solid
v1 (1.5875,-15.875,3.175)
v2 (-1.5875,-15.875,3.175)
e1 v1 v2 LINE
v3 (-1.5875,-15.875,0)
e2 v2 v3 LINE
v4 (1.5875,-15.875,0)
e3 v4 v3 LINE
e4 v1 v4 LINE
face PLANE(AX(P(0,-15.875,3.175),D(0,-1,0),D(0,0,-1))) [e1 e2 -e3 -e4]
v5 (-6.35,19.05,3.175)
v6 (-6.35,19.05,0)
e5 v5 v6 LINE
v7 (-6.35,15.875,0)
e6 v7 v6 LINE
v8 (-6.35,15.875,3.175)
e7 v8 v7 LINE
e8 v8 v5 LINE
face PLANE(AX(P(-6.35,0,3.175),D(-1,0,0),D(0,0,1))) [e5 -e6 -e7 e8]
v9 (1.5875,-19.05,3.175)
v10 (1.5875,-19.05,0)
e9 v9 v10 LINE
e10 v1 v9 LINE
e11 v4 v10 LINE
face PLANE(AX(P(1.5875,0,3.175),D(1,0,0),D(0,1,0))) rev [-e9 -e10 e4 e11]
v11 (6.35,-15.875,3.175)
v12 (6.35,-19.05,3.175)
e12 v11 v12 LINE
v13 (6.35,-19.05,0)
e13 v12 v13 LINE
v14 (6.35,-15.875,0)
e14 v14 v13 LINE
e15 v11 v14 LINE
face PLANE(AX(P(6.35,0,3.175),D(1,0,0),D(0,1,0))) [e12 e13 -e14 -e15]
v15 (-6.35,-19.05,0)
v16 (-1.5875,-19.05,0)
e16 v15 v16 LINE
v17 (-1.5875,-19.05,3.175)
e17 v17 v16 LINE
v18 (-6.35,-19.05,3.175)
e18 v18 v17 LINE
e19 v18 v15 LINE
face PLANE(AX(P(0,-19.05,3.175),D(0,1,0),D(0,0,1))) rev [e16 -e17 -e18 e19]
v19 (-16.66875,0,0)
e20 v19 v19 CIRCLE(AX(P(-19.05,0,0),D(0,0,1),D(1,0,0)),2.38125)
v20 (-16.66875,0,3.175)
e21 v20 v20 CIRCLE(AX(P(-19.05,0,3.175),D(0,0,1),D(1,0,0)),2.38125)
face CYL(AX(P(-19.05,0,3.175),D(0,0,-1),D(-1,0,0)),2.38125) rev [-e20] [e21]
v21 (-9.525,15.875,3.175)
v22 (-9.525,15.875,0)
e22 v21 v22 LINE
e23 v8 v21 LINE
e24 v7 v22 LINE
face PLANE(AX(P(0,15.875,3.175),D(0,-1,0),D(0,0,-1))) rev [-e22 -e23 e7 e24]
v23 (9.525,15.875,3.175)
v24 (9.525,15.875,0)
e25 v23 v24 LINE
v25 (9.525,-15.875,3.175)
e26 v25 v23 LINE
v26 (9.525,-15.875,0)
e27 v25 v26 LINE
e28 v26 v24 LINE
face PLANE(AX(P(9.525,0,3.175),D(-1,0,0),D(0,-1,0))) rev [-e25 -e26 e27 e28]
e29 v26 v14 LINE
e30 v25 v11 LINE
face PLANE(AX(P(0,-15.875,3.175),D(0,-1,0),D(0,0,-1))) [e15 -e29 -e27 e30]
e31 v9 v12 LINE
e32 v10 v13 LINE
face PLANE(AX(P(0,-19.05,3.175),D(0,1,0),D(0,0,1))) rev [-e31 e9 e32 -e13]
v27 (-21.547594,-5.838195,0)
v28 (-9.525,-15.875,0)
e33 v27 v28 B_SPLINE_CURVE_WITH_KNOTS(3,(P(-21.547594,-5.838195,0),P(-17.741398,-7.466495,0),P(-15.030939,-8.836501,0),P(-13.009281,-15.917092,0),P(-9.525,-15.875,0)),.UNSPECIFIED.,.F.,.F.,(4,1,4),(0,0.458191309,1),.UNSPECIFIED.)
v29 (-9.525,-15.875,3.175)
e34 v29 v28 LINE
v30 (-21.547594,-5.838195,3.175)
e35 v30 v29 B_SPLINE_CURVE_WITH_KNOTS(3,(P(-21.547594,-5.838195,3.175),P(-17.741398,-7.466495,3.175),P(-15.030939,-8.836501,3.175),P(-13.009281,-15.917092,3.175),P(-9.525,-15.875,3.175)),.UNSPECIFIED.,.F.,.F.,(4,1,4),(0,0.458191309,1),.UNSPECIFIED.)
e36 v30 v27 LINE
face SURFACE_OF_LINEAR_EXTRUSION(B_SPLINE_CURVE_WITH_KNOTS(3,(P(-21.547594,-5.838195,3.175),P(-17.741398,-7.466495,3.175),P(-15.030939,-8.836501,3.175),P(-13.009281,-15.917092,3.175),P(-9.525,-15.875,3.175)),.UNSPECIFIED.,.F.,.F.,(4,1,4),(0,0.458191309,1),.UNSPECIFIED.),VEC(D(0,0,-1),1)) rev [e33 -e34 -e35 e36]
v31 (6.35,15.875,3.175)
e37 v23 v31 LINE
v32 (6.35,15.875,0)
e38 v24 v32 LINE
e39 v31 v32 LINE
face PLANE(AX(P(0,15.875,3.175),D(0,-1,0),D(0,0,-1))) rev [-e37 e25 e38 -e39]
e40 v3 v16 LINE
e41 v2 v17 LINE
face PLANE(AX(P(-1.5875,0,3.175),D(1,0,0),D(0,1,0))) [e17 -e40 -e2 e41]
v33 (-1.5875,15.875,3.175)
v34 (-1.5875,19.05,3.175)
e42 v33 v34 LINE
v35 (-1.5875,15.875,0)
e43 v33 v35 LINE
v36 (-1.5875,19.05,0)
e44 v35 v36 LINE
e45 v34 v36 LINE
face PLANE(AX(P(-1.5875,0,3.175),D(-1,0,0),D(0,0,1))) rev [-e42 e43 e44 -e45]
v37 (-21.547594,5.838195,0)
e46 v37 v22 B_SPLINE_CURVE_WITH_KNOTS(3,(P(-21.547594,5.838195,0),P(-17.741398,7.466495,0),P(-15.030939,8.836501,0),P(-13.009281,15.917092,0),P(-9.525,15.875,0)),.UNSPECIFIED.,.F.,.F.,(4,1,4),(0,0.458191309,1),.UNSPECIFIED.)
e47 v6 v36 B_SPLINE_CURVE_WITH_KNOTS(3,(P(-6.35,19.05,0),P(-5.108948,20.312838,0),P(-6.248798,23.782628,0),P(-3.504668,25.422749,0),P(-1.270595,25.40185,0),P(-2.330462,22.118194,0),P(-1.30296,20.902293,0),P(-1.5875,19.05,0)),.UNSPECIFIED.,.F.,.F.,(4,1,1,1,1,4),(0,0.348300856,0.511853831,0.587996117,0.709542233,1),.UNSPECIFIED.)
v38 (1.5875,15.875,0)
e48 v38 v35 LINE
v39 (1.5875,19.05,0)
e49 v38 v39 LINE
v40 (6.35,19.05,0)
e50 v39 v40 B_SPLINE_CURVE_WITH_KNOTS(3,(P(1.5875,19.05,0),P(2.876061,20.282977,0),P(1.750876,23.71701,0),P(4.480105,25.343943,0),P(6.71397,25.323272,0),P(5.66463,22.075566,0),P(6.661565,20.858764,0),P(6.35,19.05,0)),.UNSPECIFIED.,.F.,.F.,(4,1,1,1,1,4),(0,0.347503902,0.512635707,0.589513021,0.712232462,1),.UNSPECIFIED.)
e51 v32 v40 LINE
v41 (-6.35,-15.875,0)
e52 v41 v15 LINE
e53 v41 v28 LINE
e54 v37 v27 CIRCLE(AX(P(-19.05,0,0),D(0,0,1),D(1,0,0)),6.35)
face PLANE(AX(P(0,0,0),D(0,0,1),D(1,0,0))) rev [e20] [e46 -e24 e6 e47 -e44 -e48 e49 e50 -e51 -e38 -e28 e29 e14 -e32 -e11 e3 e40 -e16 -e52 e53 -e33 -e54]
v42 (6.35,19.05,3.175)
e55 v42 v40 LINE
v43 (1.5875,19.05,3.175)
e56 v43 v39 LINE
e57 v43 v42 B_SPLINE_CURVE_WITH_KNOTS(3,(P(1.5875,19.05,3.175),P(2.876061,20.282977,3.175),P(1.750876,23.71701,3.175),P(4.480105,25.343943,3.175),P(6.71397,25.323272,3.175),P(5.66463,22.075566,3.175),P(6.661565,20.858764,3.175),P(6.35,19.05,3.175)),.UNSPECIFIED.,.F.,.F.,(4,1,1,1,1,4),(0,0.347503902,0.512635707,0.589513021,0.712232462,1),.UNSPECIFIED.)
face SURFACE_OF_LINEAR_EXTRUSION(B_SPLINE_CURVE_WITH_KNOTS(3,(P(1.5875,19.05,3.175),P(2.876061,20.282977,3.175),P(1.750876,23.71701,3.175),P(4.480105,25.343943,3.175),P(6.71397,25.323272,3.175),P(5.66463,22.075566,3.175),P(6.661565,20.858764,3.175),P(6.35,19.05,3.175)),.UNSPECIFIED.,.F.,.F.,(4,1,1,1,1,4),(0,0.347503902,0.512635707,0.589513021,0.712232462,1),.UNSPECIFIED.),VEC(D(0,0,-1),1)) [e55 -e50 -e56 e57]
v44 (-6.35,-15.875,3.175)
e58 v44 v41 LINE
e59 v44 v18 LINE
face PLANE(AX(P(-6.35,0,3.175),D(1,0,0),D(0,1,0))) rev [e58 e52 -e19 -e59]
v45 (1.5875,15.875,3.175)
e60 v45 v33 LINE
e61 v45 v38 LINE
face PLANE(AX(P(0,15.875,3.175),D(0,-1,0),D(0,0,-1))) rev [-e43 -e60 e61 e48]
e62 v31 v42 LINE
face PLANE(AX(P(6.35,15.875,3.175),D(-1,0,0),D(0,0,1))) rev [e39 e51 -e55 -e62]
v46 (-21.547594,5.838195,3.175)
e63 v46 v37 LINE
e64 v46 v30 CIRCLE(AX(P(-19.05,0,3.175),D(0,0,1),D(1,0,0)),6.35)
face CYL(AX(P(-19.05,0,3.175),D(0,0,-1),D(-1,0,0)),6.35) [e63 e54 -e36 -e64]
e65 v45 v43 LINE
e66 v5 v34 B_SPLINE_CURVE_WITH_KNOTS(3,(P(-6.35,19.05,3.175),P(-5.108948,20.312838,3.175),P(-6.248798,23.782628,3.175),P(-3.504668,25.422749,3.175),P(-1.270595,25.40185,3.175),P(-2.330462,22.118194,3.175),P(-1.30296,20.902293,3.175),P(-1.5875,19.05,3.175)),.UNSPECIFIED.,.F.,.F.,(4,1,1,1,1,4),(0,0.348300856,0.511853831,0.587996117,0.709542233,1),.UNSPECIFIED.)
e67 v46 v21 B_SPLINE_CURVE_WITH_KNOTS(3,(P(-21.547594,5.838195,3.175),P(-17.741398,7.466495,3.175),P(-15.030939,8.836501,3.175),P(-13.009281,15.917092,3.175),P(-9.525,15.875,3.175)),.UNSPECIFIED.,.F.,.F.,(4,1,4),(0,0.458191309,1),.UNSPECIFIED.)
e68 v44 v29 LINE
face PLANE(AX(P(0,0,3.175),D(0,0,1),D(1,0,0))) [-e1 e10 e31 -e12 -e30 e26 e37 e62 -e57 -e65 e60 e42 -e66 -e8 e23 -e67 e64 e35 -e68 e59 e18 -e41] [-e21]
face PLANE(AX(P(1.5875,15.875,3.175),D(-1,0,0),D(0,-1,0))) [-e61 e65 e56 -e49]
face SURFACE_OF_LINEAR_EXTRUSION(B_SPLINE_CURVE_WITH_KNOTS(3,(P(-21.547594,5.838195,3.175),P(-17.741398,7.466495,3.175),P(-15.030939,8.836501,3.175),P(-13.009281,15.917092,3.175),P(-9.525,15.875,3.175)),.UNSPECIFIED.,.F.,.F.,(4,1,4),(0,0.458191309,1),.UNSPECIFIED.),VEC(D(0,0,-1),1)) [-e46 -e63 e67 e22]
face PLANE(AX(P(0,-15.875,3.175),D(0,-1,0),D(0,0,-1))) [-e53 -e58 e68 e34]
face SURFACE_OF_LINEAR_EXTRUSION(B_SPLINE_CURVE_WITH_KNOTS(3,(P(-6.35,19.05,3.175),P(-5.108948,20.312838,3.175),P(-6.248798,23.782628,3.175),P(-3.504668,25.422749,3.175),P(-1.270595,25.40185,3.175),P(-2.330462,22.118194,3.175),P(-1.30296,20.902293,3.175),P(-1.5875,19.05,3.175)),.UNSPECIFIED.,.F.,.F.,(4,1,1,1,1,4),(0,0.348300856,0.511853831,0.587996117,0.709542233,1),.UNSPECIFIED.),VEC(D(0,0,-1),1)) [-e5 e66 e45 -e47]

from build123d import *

# Parameters (mm, degrees)
SKETCH1_W           = 4.7625
SKETCH1_H           = 3.175
SKETCH1_R           = 2.38125
BOSS_EXTRUDE1_DEPTH = 3.175


with BuildPart() as part:
    # Sketch1 → Boss-Extrude1 (new body)
    # profile 1 of 9: a face of its own
    with BuildSketch(Plane.XY):
        Polygon((6.35, -15.875), (9.525, -15.875), (9.525, 15.875), (6.35, 15.875), (1.5875, 15.875), (-1.5875, 15.875), (-6.35, 15.875), (-9.525, 15.875), (-9.525, -15.875), (-6.35, -15.875), (-1.5875, -15.875), (1.5875, -15.875), align=None)
    # profile 2 of 9: a face of its own
    with BuildSketch(Plane.XY):
        with Locations((3.96875, -17.4625)):
            Rectangle(SKETCH1_W, SKETCH1_H)
    # profile 3 of 9: a face of its own
    with BuildSketch(Plane.XY):
        with Locations((3.96875, 17.4625)):
            Rectangle(SKETCH1_W, SKETCH1_H)
    # profile 4 of 9: a face of its own
    with BuildSketch(Plane.XY):
        with Locations((-3.96875, -17.4625)):
            Rectangle(SKETCH1_W, SKETCH1_H)
    # profile 5 of 9: a face of its own
    with BuildSketch(Plane.XY):
        with BuildLine():
            Line((1.5875, 19.05), (6.35, 19.05))
            add(Edge.make_bspline(
                [(1.5875, 19.05), (2.876060697, 20.282977256), (1.750876168, 23.717010334), (4.480105354, 25.343943309), (6.713969799, 25.323271855), (5.664629716, 22.075566326), (6.66156491, 20.85876393), (6.35, 19.05)],
                knots=[0, 0, 0, 0, 0.347503902, 0.512635707, 0.589513021, 0.712232462, 1, 1, 1, 1], degree=3))
        make_face()
    # profile 6 of 9: a face of its own
    with BuildSketch(Plane.XY):
        with Locations((-3.96875, 17.4625)):
            Rectangle(SKETCH1_W, SKETCH1_H)
    # profile 7 of 9: a face of its own
    with BuildSketch(Plane.XY):
        with BuildLine():
            add(Edge.make_bspline(
                [(-21.547594304, -5.838195157), (-17.741398311, -7.466495201), (-15.030939304, -8.836500628), (-13.009281216, -15.917091584), (-9.525, -15.875)],
                knots=[0, 0, 0, 0, 0.458191309, 1, 1, 1, 1], degree=3))
            Line((-9.525, -15.875), (-9.525, 15.875))
            add(Edge.make_bspline(
                [(-21.547594304, 5.838195157), (-17.741398311, 7.466495201), (-15.030939304, 8.836500628), (-13.009281216, 15.917091584), (-9.525, 15.875)],
                knots=[0, 0, 0, 0, 0.458191309, 1, 1, 1, 1], degree=3))
            ThreePointArc((-21.547594304, 5.838195157), (-15.552659856, 5.300104896), (-12.7, 0))
            ThreePointArc((-12.7, 0), (-15.552659856, -5.300104896), (-21.547594304, -5.838195157))
        make_face()
    # profile 8 of 9: a face of its own
    with BuildSketch(Plane.XY):
        with BuildLine():
            Line((-6.35, 19.05), (-1.5875, 19.05))
            add(Edge.make_bspline(
                [(-6.35, 19.05), (-5.108948033, 20.312838142), (-6.248797567, 23.782627537), (-3.504668245, 25.422749175), (-1.270595434, 25.401850486), (-2.33046195, 22.118193687), (-1.30296019, 20.902293296), (-1.5875, 19.05)],
                knots=[0, 0, 0, 0, 0.348300856, 0.511853831, 0.587996117, 0.709542233, 1, 1, 1, 1], degree=3))
        make_face()
    # profile 9 of 9: a face of its own
    with BuildSketch(Plane.XY):
        with BuildLine():
            ThreePointArc((-21.547594304, 5.838195157), (-25.4, 0), (-21.547594304, -5.838195157))
            ThreePointArc((-21.547594304, -5.838195157), (-15.552659856, -5.300104896), (-12.7, 0))
            ThreePointArc((-12.7, 0), (-15.552659856, 5.300104896), (-21.547594304, 5.838195157))
        make_face()
        with Locations((-19.05, 0)):
            Circle(SKETCH1_R, mode=Mode.SUBTRACT)
    extrude(amount=BOSS_EXTRUDE1_DEPTH)


solid = part.part
